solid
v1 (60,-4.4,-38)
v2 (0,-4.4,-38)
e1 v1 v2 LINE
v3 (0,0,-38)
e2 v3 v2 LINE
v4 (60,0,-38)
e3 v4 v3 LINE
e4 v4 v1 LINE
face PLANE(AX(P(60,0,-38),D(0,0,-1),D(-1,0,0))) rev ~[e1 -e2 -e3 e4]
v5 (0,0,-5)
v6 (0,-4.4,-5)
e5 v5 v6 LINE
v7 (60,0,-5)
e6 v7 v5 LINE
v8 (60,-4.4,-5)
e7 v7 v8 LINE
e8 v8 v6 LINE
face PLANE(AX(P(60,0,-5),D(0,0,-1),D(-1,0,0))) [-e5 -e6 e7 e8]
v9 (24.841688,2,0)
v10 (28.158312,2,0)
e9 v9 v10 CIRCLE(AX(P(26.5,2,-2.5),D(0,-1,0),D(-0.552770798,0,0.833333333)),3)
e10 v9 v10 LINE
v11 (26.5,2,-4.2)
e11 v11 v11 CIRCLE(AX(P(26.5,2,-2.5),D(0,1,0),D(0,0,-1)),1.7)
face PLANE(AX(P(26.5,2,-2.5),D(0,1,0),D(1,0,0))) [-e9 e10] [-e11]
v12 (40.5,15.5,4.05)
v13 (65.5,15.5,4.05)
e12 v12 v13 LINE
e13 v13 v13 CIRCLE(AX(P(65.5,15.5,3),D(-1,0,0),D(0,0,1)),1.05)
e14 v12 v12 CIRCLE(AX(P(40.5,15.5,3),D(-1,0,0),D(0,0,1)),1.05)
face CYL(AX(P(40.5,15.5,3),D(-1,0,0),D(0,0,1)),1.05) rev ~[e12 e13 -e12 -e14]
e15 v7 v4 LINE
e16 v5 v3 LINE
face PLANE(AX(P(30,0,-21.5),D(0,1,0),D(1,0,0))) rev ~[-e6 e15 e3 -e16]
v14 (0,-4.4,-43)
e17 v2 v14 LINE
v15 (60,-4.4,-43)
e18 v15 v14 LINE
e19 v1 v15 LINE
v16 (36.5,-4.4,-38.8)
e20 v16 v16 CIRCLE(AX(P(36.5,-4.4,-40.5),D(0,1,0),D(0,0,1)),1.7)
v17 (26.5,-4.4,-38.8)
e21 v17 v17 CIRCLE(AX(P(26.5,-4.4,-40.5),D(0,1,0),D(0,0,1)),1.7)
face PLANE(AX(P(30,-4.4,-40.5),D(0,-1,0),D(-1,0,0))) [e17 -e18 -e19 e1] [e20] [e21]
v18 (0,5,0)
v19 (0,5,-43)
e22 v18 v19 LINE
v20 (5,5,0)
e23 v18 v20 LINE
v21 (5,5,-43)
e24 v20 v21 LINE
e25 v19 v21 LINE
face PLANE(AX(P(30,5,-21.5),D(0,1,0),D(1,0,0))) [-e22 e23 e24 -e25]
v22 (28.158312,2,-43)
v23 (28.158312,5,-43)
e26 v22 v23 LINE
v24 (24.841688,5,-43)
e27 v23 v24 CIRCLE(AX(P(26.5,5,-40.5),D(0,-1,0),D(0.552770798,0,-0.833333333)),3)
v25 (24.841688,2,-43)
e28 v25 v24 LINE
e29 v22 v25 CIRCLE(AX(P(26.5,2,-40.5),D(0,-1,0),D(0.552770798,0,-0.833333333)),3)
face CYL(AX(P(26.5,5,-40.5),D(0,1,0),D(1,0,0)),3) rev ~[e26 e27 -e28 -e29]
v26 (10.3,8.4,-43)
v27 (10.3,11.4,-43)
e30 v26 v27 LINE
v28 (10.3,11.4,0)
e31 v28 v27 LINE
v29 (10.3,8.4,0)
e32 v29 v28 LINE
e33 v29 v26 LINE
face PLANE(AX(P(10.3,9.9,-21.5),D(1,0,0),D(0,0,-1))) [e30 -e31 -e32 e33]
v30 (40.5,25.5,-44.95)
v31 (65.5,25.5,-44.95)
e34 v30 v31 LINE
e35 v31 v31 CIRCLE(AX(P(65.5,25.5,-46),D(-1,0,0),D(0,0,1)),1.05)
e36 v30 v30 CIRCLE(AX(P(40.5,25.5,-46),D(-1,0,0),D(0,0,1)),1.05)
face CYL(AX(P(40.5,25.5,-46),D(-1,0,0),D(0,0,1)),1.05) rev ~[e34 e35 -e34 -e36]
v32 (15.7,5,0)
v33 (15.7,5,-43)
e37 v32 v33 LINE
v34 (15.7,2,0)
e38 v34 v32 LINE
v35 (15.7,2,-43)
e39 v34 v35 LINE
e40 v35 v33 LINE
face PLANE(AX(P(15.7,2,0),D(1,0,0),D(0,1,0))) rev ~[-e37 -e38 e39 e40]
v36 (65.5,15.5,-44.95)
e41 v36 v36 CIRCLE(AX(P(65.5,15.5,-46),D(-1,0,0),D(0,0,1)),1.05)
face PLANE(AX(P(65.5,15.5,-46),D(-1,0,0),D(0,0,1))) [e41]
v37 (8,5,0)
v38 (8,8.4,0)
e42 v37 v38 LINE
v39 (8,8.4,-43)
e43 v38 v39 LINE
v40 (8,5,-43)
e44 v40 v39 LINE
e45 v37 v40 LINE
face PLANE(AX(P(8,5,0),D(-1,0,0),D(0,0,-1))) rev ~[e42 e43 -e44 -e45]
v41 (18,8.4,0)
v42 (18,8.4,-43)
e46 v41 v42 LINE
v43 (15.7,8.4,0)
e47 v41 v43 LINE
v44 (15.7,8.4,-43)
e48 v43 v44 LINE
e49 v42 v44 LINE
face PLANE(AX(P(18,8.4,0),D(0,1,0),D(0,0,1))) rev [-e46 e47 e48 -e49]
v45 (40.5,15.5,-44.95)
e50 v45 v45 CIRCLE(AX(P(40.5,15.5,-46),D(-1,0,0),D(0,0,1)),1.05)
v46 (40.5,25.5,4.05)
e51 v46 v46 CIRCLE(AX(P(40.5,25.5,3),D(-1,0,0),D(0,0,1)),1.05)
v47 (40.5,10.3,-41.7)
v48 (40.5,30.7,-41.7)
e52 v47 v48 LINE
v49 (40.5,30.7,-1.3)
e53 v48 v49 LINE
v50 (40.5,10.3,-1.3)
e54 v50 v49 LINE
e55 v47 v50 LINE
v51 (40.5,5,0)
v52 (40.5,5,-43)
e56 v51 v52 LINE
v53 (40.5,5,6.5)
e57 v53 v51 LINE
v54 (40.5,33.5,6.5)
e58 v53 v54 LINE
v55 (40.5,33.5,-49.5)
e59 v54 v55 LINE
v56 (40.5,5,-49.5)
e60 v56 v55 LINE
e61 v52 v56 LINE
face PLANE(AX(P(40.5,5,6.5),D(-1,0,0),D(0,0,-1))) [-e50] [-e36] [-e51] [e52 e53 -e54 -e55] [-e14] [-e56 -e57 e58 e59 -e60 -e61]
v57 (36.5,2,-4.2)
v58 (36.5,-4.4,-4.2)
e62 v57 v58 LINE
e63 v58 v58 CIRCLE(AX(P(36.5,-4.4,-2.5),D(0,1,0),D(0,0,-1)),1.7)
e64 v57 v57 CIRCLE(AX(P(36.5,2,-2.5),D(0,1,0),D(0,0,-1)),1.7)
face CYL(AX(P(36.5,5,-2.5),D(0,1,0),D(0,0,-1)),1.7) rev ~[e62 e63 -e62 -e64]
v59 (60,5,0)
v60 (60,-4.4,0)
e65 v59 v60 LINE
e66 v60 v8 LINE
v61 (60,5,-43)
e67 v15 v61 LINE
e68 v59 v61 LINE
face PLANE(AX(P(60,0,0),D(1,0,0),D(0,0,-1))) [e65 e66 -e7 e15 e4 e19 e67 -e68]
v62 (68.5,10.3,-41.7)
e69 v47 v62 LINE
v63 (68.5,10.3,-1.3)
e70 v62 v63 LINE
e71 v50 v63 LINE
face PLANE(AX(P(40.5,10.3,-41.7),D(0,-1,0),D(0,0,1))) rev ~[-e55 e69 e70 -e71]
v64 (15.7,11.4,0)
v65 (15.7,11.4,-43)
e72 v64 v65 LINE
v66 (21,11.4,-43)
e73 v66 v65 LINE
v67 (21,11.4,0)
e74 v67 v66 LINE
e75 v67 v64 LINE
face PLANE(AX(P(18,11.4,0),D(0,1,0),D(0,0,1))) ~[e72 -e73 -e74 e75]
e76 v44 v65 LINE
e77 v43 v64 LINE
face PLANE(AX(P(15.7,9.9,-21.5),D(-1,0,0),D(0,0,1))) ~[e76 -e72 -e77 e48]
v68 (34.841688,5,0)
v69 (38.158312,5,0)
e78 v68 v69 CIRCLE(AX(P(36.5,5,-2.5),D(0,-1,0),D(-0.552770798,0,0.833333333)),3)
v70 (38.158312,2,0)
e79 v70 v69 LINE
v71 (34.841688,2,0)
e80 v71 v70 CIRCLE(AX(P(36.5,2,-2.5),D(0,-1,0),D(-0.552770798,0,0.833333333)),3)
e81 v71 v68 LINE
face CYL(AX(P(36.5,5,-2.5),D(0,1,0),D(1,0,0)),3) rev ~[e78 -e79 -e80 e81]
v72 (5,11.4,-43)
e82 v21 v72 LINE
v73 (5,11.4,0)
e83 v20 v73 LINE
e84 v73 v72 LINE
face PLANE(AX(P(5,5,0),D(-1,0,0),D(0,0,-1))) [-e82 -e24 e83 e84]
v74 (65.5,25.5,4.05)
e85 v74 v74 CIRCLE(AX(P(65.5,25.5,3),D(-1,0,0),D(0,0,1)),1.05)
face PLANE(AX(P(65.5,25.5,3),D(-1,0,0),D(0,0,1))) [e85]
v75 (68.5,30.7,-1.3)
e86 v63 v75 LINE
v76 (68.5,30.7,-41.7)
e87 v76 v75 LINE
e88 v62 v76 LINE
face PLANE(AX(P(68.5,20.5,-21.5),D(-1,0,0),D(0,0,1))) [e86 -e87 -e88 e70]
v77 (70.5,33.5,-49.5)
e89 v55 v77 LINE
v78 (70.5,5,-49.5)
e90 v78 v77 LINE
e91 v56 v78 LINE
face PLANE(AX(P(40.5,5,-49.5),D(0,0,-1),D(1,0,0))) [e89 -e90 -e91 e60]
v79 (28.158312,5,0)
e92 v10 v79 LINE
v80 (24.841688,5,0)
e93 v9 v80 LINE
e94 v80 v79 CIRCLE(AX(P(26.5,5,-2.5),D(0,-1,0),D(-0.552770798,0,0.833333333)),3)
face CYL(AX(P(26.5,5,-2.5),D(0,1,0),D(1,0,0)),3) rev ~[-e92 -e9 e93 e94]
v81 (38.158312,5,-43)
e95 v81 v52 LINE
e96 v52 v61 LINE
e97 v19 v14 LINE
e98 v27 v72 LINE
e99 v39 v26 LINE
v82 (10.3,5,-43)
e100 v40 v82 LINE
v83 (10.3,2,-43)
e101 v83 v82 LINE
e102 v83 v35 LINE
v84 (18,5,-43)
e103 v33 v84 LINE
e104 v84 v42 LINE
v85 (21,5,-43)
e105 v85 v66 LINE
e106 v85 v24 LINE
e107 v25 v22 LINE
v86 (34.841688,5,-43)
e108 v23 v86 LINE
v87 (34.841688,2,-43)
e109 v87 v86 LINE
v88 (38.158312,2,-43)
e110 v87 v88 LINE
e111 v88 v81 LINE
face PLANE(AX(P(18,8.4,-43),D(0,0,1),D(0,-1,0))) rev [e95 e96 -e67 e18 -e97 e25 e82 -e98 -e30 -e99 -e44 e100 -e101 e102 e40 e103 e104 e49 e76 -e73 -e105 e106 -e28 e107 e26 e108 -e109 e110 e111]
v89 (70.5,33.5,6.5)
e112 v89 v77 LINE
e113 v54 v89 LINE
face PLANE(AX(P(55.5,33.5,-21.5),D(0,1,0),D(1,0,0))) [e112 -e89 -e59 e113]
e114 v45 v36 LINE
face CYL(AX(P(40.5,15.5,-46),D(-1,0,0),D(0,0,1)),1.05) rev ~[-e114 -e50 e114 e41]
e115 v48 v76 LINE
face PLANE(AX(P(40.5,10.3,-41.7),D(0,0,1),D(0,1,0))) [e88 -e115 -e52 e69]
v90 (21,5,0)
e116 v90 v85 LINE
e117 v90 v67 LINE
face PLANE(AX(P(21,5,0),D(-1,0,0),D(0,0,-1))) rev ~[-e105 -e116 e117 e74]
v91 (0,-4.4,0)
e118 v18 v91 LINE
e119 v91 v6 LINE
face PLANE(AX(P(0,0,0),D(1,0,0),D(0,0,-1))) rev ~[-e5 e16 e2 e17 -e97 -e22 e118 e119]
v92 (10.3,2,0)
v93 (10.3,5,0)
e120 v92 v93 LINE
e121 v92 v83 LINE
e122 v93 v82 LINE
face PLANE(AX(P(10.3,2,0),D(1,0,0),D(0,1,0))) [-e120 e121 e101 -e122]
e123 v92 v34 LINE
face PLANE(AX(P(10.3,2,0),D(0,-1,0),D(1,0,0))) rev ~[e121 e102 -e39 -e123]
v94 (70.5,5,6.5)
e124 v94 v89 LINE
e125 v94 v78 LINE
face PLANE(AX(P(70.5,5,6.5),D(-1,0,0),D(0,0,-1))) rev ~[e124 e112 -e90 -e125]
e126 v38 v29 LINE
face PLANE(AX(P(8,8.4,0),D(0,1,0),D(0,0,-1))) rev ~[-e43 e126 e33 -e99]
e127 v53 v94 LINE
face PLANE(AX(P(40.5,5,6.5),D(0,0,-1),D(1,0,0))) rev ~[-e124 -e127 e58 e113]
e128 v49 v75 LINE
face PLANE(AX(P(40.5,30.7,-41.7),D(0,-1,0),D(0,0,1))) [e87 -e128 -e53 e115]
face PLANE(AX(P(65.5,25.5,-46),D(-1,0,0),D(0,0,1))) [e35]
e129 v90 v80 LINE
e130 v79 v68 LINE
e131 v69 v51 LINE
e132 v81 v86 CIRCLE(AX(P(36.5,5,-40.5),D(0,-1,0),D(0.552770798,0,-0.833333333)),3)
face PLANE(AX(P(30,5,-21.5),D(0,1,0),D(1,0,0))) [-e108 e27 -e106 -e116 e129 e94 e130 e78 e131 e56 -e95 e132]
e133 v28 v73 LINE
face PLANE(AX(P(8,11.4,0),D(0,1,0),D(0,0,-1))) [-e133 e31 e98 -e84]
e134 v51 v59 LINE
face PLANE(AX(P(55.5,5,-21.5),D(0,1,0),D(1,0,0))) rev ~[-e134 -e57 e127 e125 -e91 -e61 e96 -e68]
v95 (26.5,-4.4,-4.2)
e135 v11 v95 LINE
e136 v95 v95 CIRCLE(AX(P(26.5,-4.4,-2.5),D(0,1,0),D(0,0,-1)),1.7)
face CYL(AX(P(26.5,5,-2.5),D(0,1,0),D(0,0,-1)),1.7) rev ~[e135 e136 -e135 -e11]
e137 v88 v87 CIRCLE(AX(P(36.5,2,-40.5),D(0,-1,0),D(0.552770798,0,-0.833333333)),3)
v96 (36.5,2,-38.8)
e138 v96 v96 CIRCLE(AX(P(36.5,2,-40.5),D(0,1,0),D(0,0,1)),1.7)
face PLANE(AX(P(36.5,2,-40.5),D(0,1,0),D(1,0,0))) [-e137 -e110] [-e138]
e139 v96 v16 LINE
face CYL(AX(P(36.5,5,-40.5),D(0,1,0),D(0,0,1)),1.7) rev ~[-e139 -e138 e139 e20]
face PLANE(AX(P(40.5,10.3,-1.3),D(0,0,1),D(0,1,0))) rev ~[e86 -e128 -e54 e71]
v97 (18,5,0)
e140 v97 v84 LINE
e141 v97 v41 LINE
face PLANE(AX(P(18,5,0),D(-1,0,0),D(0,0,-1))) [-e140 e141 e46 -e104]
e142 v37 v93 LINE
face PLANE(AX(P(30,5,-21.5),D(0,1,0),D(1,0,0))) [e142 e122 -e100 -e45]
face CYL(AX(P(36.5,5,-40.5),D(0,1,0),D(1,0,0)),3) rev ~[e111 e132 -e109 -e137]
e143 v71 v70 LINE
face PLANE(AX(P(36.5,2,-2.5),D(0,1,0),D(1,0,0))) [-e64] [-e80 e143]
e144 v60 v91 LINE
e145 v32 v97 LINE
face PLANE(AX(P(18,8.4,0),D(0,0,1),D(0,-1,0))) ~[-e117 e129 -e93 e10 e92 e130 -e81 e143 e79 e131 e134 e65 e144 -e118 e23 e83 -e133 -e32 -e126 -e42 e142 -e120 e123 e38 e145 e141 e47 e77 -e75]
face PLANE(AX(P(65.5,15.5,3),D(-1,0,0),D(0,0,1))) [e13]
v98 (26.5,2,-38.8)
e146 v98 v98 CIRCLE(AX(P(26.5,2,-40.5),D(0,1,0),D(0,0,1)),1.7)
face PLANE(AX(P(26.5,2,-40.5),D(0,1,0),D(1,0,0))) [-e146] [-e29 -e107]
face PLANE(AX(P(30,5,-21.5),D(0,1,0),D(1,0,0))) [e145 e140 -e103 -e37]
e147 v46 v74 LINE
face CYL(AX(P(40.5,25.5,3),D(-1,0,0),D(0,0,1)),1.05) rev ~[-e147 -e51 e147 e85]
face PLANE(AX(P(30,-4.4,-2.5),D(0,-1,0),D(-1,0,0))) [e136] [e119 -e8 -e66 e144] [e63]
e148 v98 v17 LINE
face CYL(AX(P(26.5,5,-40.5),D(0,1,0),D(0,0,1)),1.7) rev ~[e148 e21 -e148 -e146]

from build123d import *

# Parameters (mm, degrees)
SKETCH1_W           = 60
SKETCH1_H           = 43
BOSS_EXTRUDE1_DEPTH = 5
SKETCH2_W           = 60
SKETCH2_H           = 5
BOSS_EXTRUDE2_DEPTH = 4.4
SKETCH3_W           = 3
SKETCH3_H           = 43
BOSS_EXTRUDE3_DEPTH = 6.4
SKETCH4_W           = 43
SKETCH4_H           = 3
BOSS_EXTRUDE4_DEPTH = 2.3
SKETCH5_W           = 30
SKETCH5_H           = 56
BOSS_EXTRUDE5_DEPTH = 28.5
SKETCH6_W           = 40.4
SKETCH6_H           = 20.4
CUT_EXTRUDE1_DEPTH  = 28
SKETCH7_R           = 1.05
CUT_EXTRUDE2_DEPTH  = 25
CUT_EXTRUDE3_REACH  = 94.427
SKETCH8_W           = 5.4
SKETCH8_H           = 3
CUT_EXTRUDE4_REACH  = 92.735
SKETCH9_R           = 1.7
SKETCH10_R          = 3
CUT_EXTRUDE5_DEPTH  = 3


with BuildPart() as part:
    # Sketch1 → Boss-Extrude1 (new body)
    with BuildSketch(Plane(origin=(0, 0, 0), x_dir=(1, 0, 0), z_dir=(0, 1, 0))):
        with Locations((30, 21.5)):
            Rectangle(SKETCH1_W, SKETCH1_H)
    extrude(amount=BOSS_EXTRUDE1_DEPTH)

    # Sketch2 → Boss-Extrude2 (add)
    with BuildSketch(Plane(origin=(0, 0, 0), x_dir=(-1, 0, 0), z_dir=(0, -1, 0))):
        with Locations((-30, 2.5)):
            Rectangle(SKETCH2_W, SKETCH2_H)
        with Locations((-30, 40.5)):
            Rectangle(SKETCH2_W, SKETCH2_H)
    extrude(amount=BOSS_EXTRUDE2_DEPTH)

    # Sketch3 → Boss-Extrude3 (add)
    with BuildSketch(Plane(origin=(0, 5, 0), x_dir=(1, 0, 0), z_dir=(0, 1, 0))):
        with Locations((6.5, 21.5)):
            Rectangle(SKETCH3_W, SKETCH3_H)
        with Locations((19.5, 21.5)):
            Rectangle(SKETCH3_W, SKETCH3_H)
    extrude(amount=BOSS_EXTRUDE3_DEPTH)

    # Sketch4 → Boss-Extrude4 (add)
    with BuildSketch(Plane(origin=(8, 0, 0), x_dir=(0, 0, -1), z_dir=(1, 0, 0))):
        with Locations((21.5, 9.9)):
            Rectangle(SKETCH4_W, SKETCH4_H)
    boss_extrude4 = extrude(amount=BOSS_EXTRUDE4_DEPTH)

    # Mirror1: Boss-Extrude4 across plane
    add(boss_extrude4.mirror(Plane(origin=(13, 0, 0), x_dir=(0, 0, 1), z_dir=(1, 0, 0))))

    # Sketch5 → Boss-Extrude5 (add)
    with BuildSketch(Plane(origin=(0, 5, 0), x_dir=(1, 0, 0), z_dir=(0, 1, 0))):
        with Locations((55.5, 21.5)):
            Rectangle(SKETCH5_W, SKETCH5_H)
    extrude(amount=BOSS_EXTRUDE5_DEPTH)

    # Sketch6 → Cut-Extrude1 (cut)
    with BuildSketch(Plane.ZY.offset(-40.5)):
        with Locations((-21.5, 20.5)):
            Rectangle(SKETCH6_W, SKETCH6_H)
    extrude(amount=-CUT_EXTRUDE1_DEPTH, mode=Mode.SUBTRACT)

    # Sketch7 → Cut-Extrude2 (cut)
    with BuildSketch(Plane.ZY.offset(-40.5)):
        with Locations((-46, 25.5)):
            Circle(SKETCH7_R)
        with Locations((-46, 15.5)):
            Circle(SKETCH7_R)
        with Locations((3, 25.5)):
            Circle(SKETCH7_R)
        with Locations((3, 15.5)):
            Circle(SKETCH7_R)
    extrude(amount=-CUT_EXTRUDE2_DEPTH, mode=Mode.SUBTRACT)

    # Sketch8 → Cut-Extrude3 (cut, up to next)
    with BuildSketch(Plane.XY, mode=Mode.PRIVATE) as cut_extrude3_sk1:
        with Locations((13, 3.5)):
            Rectangle(SKETCH8_W, SKETCH8_H)
    cut_extrude3_tool1 = extrude(cut_extrude3_sk1.sketch, amount=-CUT_EXTRUDE3_REACH, mode=Mode.PRIVATE) & part.part
    add(cut_extrude3_tool1.solids().sort_by_distance((13, 3.5, 0))[0], mode=Mode.SUBTRACT)

    # Sketch9 → Cut-Extrude4 (cut, up to next)
    with BuildSketch(Plane(origin=(0, 5, 0), x_dir=(1, 0, 0), z_dir=(0, 1, 0)), mode=Mode.PRIVATE) as cut_extrude4_sk1:
        with Locations(Location((26.5, 40.5, 0), (0, 0, 270))):
            Circle(SKETCH9_R)
    cut_extrude4_tool1 = extrude(cut_extrude4_sk1.sketch, amount=-CUT_EXTRUDE4_REACH, mode=Mode.PRIVATE) & part.part
    # Sketch9 → Cut-Extrude4 (cut, up to next)
    with BuildSketch(Plane(origin=(0, 5, 0), x_dir=(1, 0, 0), z_dir=(0, 1, 0)), mode=Mode.PRIVATE) as cut_extrude4_sk2:
        with Locations(Location((36.5, 40.5, 0), (0, 0, 270))):
            Circle(SKETCH9_R)
    cut_extrude4_tool2 = extrude(cut_extrude4_sk2.sketch, amount=-CUT_EXTRUDE4_REACH, mode=Mode.PRIVATE) & part.part
    # Sketch9 → Cut-Extrude4 (cut, up to next)
    with BuildSketch(Plane(origin=(0, 5, 0), x_dir=(1, 0, 0), z_dir=(0, 1, 0)), mode=Mode.PRIVATE) as cut_extrude4_sk3:
        with Locations(Location((36.5, 2.5, 0), (0, 0, 90))):
            Circle(SKETCH9_R)
    cut_extrude4_tool3 = extrude(cut_extrude4_sk3.sketch, amount=-CUT_EXTRUDE4_REACH, mode=Mode.PRIVATE) & part.part
    # Sketch9 → Cut-Extrude4 (cut, up to next)
    with BuildSketch(Plane(origin=(0, 5, 0), x_dir=(1, 0, 0), z_dir=(0, 1, 0)), mode=Mode.PRIVATE) as cut_extrude4_sk4:
        with Locations(Location((26.5, 2.5, 0), (0, 0, 90))):
            Circle(SKETCH9_R)
    cut_extrude4_tool4 = extrude(cut_extrude4_sk4.sketch, amount=-CUT_EXTRUDE4_REACH, mode=Mode.PRIVATE) & part.part
    add(cut_extrude4_tool1.solids().sort_by_distance((26.5, 5, -40.5))[0], mode=Mode.SUBTRACT)
    add(cut_extrude4_tool2.solids().sort_by_distance((36.5, 5, -40.5))[0], mode=Mode.SUBTRACT)
    add(cut_extrude4_tool3.solids().sort_by_distance((36.5, 5, -2.5))[0], mode=Mode.SUBTRACT)
    add(cut_extrude4_tool4.solids().sort_by_distance((26.5, 5, -2.5))[0], mode=Mode.SUBTRACT)

    # Sketch10 → Cut-Extrude5 (cut)
    with BuildSketch(Plane(origin=(0, 5, 0), x_dir=(1, 0, 0), z_dir=(0, 1, 0))):
        with Locations((26.5, 40.5)):
            Circle(SKETCH10_R)
        with Locations((36.5, 40.5)):
            Circle(SKETCH10_R)
        with Locations((26.5, 2.5)):
            Circle(SKETCH10_R)
        with Locations((36.5, 2.5)):
            Circle(SKETCH10_R)
    extrude(amount=-CUT_EXTRUDE5_DEPTH, mode=Mode.SUBTRACT)


solid = part.part
